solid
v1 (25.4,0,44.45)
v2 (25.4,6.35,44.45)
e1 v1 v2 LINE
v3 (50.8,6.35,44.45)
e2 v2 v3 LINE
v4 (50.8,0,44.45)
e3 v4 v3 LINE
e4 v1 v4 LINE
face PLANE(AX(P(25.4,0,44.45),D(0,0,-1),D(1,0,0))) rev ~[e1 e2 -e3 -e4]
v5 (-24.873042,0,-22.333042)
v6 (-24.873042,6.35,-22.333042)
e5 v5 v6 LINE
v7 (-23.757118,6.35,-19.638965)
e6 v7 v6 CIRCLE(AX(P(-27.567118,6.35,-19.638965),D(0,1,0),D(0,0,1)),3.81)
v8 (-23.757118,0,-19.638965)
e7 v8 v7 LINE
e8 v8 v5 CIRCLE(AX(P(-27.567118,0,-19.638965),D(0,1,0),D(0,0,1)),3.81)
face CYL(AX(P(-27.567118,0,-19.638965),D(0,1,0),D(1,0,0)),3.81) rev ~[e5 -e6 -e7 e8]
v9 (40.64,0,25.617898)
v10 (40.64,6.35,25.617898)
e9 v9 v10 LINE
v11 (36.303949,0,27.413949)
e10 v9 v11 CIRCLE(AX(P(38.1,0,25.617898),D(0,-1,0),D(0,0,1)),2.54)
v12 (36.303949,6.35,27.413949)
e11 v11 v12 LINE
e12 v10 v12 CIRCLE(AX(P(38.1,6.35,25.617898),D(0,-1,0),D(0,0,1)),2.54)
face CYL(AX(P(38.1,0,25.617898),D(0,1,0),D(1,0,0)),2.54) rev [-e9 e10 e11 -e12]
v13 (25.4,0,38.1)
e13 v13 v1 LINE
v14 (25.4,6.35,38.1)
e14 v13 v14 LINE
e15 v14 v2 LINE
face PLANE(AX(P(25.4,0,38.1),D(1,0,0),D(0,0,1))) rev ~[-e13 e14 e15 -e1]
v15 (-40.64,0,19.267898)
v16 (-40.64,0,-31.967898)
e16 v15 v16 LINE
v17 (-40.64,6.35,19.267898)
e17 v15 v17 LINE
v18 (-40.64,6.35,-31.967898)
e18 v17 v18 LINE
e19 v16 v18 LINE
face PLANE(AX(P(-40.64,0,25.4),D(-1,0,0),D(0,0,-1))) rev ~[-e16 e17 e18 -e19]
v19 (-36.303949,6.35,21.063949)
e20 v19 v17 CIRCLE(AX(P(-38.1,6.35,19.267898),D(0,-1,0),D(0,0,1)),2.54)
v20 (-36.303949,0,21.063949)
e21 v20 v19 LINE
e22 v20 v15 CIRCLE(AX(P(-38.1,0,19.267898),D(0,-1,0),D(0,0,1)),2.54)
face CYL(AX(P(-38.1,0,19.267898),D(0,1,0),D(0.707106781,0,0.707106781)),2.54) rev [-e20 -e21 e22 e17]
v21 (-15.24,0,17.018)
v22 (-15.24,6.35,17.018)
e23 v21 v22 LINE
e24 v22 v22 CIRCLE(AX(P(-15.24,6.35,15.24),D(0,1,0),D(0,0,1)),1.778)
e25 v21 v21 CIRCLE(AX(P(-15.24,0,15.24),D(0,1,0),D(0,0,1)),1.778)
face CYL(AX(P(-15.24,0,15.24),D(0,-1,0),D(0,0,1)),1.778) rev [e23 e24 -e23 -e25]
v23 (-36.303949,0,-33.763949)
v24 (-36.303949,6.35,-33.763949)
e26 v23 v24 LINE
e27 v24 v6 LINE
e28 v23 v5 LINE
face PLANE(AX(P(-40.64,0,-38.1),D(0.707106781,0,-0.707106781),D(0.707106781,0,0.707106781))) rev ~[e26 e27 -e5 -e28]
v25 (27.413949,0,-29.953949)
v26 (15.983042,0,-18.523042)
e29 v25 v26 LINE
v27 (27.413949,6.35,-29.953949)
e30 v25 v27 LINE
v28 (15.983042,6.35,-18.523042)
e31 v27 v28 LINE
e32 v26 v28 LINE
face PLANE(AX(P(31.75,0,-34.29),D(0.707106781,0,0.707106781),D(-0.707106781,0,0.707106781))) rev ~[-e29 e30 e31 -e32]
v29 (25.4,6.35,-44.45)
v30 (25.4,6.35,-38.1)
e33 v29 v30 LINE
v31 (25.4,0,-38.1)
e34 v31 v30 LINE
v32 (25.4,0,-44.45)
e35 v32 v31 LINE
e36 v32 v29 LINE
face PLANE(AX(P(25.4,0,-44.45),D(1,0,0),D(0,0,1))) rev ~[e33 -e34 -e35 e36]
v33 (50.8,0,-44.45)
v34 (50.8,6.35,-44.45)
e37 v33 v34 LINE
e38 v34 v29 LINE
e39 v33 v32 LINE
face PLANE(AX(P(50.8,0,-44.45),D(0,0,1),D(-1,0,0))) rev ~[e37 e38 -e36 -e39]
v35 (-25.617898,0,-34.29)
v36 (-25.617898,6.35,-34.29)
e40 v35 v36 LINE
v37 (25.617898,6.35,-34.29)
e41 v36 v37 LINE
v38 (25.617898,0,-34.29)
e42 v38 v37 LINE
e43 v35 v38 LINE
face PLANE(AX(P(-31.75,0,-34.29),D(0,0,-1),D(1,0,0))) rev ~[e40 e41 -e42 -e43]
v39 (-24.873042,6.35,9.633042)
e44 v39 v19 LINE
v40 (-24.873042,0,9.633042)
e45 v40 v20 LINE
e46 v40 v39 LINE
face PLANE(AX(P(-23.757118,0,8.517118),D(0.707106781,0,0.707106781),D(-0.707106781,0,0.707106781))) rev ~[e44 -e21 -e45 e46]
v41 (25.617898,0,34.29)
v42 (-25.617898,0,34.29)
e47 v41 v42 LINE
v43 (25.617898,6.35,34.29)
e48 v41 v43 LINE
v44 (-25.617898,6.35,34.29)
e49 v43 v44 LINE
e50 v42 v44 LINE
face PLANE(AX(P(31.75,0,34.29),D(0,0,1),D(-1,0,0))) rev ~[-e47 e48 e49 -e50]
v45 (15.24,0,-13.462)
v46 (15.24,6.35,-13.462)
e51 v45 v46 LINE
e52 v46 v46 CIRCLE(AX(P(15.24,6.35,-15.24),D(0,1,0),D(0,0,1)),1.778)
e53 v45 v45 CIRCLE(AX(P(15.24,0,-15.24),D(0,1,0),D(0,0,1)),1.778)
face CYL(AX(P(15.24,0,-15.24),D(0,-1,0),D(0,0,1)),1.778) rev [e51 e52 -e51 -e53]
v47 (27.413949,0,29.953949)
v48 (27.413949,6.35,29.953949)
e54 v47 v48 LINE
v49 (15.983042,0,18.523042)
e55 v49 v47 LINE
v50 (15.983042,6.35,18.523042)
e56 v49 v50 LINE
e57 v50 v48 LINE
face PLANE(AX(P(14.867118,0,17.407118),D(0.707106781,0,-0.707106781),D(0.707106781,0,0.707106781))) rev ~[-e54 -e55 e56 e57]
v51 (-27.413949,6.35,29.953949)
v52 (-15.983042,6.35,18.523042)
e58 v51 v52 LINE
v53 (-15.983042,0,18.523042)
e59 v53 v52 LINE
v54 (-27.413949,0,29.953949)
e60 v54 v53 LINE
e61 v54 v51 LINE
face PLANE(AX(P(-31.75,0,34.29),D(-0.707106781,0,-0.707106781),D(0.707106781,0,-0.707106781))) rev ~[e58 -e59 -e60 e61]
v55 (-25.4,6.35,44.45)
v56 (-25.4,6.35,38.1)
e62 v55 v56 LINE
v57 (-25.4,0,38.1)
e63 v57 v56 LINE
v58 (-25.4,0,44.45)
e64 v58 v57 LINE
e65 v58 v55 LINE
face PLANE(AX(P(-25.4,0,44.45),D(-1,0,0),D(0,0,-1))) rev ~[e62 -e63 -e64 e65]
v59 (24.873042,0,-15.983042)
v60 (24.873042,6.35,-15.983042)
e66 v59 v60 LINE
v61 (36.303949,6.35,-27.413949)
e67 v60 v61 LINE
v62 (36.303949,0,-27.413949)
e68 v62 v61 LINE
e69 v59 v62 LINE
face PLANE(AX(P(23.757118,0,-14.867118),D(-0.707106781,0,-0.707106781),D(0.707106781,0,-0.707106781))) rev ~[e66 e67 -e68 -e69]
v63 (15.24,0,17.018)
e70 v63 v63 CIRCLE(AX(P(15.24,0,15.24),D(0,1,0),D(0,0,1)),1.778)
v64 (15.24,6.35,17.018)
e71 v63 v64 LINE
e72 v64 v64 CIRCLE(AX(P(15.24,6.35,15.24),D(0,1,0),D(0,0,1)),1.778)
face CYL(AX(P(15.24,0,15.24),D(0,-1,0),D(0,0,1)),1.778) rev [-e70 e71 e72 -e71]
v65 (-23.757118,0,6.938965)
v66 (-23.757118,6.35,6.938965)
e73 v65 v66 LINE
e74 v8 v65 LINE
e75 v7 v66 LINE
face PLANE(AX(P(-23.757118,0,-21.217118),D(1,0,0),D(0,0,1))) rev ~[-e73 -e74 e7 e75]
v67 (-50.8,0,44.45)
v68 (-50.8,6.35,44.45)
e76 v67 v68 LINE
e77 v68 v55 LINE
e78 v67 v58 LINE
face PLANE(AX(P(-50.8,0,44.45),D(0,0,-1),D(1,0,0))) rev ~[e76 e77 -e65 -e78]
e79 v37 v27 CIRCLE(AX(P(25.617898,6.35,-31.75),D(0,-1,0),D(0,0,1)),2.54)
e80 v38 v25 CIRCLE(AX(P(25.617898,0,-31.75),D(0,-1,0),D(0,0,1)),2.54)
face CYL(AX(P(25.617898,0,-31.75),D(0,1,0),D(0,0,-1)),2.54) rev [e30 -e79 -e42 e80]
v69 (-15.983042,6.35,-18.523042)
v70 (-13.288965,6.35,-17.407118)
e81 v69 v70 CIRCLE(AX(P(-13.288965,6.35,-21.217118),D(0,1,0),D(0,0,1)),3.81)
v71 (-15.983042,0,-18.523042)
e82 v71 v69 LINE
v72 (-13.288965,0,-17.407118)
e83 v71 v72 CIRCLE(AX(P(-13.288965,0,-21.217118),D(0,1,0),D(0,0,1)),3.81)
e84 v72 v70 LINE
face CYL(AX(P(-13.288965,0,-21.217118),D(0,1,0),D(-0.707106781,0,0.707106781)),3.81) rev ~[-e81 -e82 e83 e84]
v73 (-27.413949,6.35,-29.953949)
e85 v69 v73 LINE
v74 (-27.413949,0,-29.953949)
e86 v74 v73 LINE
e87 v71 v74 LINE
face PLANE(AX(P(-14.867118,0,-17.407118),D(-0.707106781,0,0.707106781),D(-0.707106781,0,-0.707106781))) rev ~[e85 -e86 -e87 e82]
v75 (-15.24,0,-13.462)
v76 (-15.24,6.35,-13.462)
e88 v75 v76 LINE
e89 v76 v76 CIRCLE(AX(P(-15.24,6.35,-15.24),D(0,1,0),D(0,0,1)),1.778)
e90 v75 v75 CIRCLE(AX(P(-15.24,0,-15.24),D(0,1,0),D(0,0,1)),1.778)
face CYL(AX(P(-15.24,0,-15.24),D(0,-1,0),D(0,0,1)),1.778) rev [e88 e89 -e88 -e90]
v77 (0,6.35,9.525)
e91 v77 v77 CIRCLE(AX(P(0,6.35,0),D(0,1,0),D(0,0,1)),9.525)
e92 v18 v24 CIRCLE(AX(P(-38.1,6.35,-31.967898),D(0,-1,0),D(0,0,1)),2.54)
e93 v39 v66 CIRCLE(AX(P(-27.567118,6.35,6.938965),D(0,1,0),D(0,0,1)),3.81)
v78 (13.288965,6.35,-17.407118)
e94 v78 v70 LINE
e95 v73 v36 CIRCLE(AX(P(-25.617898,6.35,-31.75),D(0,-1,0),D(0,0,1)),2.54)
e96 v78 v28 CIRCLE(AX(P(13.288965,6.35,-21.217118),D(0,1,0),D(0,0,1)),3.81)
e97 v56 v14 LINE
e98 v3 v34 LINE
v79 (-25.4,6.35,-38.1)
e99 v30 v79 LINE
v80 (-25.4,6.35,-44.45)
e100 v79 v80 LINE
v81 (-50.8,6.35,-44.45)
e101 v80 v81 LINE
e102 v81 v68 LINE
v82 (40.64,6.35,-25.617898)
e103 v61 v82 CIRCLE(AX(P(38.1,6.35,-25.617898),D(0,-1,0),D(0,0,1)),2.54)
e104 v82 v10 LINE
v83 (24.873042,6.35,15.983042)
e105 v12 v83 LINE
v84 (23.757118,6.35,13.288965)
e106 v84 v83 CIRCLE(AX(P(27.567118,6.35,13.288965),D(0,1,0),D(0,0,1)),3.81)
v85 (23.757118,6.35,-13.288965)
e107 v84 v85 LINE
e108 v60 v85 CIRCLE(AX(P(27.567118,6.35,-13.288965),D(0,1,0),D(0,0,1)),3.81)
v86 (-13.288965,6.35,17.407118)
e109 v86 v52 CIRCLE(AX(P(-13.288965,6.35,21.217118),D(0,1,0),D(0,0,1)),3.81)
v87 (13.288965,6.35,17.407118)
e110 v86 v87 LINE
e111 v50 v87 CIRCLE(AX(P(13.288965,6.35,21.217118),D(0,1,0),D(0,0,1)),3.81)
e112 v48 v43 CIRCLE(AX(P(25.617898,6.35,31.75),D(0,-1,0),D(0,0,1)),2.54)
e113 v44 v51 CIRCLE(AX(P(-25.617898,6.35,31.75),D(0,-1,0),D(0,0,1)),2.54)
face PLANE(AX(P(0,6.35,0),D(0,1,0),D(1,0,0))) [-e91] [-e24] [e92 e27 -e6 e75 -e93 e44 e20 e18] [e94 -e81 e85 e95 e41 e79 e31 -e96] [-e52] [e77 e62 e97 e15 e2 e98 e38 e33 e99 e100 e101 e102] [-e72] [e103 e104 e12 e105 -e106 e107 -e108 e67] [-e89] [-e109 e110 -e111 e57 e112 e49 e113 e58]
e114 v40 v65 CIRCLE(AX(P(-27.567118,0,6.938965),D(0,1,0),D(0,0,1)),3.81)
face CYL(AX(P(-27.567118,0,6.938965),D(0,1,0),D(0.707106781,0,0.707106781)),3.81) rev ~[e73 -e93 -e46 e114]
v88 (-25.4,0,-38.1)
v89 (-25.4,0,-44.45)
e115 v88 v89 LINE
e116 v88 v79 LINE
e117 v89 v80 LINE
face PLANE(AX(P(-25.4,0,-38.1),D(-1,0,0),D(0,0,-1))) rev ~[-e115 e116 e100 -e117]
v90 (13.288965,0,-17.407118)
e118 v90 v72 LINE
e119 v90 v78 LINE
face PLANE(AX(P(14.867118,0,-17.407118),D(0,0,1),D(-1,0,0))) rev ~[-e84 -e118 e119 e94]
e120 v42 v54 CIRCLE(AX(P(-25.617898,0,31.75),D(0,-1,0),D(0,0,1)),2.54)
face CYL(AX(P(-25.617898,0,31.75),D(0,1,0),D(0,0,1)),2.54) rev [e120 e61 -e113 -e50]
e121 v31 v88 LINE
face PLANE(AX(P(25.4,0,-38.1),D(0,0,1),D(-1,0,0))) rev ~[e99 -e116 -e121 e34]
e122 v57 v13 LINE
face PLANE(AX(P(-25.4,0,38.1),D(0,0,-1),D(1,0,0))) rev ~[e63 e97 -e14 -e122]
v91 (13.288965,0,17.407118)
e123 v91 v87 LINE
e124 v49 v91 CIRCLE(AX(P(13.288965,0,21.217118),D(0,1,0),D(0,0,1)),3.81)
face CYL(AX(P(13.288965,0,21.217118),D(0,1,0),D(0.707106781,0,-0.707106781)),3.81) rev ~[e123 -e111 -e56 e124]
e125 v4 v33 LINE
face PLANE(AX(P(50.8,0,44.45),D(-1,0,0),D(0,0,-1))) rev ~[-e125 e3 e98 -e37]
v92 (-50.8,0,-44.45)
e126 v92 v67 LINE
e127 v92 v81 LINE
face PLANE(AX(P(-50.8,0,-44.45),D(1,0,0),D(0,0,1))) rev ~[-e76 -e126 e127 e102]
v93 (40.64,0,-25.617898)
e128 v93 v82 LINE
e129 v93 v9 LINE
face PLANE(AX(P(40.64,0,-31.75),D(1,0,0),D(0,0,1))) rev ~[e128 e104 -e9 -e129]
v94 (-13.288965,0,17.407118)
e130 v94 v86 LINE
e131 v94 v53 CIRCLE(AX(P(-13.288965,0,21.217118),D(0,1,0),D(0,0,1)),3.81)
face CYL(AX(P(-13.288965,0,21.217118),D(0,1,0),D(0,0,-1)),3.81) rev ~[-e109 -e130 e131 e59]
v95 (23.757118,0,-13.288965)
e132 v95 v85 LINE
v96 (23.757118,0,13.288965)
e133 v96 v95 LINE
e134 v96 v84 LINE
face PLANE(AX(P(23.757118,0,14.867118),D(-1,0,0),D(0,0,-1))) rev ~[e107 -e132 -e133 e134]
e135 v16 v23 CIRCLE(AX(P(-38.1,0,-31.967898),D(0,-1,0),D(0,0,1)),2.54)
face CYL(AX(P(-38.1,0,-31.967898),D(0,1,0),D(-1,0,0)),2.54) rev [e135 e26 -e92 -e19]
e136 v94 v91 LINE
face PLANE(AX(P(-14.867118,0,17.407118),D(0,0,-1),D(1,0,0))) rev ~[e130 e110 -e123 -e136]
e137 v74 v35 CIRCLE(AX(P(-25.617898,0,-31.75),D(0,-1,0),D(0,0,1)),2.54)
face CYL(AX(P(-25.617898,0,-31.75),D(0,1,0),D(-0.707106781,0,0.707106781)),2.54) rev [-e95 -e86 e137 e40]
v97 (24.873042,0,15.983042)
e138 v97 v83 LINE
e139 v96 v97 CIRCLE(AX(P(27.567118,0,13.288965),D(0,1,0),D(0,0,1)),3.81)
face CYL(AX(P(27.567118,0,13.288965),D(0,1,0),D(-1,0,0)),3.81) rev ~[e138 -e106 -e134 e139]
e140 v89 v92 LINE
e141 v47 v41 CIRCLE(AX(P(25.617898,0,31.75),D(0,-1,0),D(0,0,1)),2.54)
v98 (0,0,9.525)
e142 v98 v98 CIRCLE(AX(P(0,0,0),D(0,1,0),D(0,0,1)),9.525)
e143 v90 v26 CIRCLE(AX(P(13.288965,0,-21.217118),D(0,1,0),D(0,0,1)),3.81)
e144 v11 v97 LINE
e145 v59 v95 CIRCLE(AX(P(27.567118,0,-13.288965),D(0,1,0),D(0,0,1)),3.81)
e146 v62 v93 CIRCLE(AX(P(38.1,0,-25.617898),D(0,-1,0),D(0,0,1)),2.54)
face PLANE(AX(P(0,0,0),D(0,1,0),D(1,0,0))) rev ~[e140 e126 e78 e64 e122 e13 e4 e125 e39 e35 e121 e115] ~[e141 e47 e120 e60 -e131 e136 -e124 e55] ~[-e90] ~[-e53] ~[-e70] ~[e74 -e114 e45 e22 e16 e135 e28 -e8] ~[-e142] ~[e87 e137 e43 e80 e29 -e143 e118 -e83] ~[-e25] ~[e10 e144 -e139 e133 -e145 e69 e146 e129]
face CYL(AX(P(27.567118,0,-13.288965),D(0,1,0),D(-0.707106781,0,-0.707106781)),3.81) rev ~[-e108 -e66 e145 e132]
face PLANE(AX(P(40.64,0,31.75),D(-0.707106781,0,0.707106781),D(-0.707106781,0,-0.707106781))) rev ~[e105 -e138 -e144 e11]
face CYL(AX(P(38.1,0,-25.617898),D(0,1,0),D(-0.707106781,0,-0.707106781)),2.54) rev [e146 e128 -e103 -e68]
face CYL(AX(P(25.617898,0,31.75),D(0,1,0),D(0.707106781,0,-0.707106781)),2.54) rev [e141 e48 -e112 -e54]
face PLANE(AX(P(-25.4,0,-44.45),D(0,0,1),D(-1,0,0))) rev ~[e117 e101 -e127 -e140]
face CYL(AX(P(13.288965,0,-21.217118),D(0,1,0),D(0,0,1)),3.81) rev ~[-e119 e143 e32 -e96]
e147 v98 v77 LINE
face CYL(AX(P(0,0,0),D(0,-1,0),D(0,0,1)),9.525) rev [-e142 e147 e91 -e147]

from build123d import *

# Parameters (mm, degrees)
SKETCH1_R           = 1.778
SKETCH1_R_2         = 9.525
BOSS_EXTRUDE1_DEPTH = 6.35
FILLET1_R           = 3.81
FILLET2_R           = 2.54


with BuildPart() as part:
    # Sketch1 → Boss-Extrude1 (new body)
    with BuildSketch(Plane(origin=(0, 0, 0), x_dir=(1, 0, 0), z_dir=(0, 1, 0))):
        Polygon((-25.4, 38.1), (-25.4, 44.45), (-50.8, 44.45), (-50.8, -44.45), (-25.4, -44.45), (-25.4, -38.1), (0, -38.1), (25.4, -38.1), (25.4, -44.45), (50.8, -44.45), (50.8, 0), (50.8, 44.45), (25.4, 44.45), (25.4, 38.1), align=None)
        Polygon((31.75, -34.29), (0, -34.29), (-31.75, -34.29), (-14.867118492, -17.407118492), (14.867118492, -17.407118492), align=None, mode=Mode.SUBTRACT)
        with Locations(Location((-15.24, -15.24, 0), (0, 0, 270))):
            Circle(SKETCH1_R, mode=Mode.SUBTRACT)
        with Locations(Location((15.24, -15.24, 0), (0, 0, 270))):
            Circle(SKETCH1_R, mode=Mode.SUBTRACT)
        with Locations(Location((-15.24, 15.24, 0), (0, 0, 270))):
            Circle(SKETCH1_R, mode=Mode.SUBTRACT)
        with Locations(Location((15.24, 15.24, 0), (0, 0, 270))):
            Circle(SKETCH1_R, mode=Mode.SUBTRACT)
        Polygon((40.64, 31.75), (40.64, 0), (40.64, -31.75), (23.757118492, -14.867118492), (23.757118492, 0), (23.757118492, 14.867118492), align=None, mode=Mode.SUBTRACT)
        Polygon((-40.64, -25.4), (-40.64, 38.1), (-23.757118492, 21.217118492), (-23.757118492, -8.517118492), align=None, mode=Mode.SUBTRACT)
        Polygon((-31.75, 34.29), (31.75, 34.29), (14.867118492, 17.407118492), (-14.867118492, 17.407118492), align=None, mode=Mode.SUBTRACT)
        with Locations(Location((0, 0, 0), (0, 0, 270))):
            Circle(SKETCH1_R_2, mode=Mode.SUBTRACT)
    extrude(amount=BOSS_EXTRUDE1_DEPTH)

    # Fillet1
    fillet1_edges = [part.edges().sort_by_distance(p)[0] for p in [
        (14.867118492, 3.175, -17.407118492),
        (-14.867118492, 3.175, -17.407118492),
        (14.867118492, 3.175, 17.407118492),
        (-14.867118492, 3.175, 17.407118492),
        (23.757118492, 3.175, -14.867118492),
        (23.757118492, 3.175, 14.867118492),
        (-23.757118492, 3.175, 8.517118492),
        (-23.757118492, 3.175, -21.217118492),
    ]]
    fillet(fillet1_edges, radius=FILLET1_R)

    # Fillet2
    fillet2_edges = [part.edges().sort_by_distance(p)[0] for p in [
        (31.75, 3.175, -34.29),
        (-31.75, 3.175, -34.29),
        (-31.75, 3.175, 34.29),
        (31.75, 3.175, 34.29),
        (40.64, 3.175, -31.75),
        (40.64, 3.175, 31.75),
        (-40.64, 3.175, 25.4),
        (-40.64, 3.175, -38.1),
    ]]
    fillet(fillet2_edges, radius=FILLET2_R)


solid = part.part
